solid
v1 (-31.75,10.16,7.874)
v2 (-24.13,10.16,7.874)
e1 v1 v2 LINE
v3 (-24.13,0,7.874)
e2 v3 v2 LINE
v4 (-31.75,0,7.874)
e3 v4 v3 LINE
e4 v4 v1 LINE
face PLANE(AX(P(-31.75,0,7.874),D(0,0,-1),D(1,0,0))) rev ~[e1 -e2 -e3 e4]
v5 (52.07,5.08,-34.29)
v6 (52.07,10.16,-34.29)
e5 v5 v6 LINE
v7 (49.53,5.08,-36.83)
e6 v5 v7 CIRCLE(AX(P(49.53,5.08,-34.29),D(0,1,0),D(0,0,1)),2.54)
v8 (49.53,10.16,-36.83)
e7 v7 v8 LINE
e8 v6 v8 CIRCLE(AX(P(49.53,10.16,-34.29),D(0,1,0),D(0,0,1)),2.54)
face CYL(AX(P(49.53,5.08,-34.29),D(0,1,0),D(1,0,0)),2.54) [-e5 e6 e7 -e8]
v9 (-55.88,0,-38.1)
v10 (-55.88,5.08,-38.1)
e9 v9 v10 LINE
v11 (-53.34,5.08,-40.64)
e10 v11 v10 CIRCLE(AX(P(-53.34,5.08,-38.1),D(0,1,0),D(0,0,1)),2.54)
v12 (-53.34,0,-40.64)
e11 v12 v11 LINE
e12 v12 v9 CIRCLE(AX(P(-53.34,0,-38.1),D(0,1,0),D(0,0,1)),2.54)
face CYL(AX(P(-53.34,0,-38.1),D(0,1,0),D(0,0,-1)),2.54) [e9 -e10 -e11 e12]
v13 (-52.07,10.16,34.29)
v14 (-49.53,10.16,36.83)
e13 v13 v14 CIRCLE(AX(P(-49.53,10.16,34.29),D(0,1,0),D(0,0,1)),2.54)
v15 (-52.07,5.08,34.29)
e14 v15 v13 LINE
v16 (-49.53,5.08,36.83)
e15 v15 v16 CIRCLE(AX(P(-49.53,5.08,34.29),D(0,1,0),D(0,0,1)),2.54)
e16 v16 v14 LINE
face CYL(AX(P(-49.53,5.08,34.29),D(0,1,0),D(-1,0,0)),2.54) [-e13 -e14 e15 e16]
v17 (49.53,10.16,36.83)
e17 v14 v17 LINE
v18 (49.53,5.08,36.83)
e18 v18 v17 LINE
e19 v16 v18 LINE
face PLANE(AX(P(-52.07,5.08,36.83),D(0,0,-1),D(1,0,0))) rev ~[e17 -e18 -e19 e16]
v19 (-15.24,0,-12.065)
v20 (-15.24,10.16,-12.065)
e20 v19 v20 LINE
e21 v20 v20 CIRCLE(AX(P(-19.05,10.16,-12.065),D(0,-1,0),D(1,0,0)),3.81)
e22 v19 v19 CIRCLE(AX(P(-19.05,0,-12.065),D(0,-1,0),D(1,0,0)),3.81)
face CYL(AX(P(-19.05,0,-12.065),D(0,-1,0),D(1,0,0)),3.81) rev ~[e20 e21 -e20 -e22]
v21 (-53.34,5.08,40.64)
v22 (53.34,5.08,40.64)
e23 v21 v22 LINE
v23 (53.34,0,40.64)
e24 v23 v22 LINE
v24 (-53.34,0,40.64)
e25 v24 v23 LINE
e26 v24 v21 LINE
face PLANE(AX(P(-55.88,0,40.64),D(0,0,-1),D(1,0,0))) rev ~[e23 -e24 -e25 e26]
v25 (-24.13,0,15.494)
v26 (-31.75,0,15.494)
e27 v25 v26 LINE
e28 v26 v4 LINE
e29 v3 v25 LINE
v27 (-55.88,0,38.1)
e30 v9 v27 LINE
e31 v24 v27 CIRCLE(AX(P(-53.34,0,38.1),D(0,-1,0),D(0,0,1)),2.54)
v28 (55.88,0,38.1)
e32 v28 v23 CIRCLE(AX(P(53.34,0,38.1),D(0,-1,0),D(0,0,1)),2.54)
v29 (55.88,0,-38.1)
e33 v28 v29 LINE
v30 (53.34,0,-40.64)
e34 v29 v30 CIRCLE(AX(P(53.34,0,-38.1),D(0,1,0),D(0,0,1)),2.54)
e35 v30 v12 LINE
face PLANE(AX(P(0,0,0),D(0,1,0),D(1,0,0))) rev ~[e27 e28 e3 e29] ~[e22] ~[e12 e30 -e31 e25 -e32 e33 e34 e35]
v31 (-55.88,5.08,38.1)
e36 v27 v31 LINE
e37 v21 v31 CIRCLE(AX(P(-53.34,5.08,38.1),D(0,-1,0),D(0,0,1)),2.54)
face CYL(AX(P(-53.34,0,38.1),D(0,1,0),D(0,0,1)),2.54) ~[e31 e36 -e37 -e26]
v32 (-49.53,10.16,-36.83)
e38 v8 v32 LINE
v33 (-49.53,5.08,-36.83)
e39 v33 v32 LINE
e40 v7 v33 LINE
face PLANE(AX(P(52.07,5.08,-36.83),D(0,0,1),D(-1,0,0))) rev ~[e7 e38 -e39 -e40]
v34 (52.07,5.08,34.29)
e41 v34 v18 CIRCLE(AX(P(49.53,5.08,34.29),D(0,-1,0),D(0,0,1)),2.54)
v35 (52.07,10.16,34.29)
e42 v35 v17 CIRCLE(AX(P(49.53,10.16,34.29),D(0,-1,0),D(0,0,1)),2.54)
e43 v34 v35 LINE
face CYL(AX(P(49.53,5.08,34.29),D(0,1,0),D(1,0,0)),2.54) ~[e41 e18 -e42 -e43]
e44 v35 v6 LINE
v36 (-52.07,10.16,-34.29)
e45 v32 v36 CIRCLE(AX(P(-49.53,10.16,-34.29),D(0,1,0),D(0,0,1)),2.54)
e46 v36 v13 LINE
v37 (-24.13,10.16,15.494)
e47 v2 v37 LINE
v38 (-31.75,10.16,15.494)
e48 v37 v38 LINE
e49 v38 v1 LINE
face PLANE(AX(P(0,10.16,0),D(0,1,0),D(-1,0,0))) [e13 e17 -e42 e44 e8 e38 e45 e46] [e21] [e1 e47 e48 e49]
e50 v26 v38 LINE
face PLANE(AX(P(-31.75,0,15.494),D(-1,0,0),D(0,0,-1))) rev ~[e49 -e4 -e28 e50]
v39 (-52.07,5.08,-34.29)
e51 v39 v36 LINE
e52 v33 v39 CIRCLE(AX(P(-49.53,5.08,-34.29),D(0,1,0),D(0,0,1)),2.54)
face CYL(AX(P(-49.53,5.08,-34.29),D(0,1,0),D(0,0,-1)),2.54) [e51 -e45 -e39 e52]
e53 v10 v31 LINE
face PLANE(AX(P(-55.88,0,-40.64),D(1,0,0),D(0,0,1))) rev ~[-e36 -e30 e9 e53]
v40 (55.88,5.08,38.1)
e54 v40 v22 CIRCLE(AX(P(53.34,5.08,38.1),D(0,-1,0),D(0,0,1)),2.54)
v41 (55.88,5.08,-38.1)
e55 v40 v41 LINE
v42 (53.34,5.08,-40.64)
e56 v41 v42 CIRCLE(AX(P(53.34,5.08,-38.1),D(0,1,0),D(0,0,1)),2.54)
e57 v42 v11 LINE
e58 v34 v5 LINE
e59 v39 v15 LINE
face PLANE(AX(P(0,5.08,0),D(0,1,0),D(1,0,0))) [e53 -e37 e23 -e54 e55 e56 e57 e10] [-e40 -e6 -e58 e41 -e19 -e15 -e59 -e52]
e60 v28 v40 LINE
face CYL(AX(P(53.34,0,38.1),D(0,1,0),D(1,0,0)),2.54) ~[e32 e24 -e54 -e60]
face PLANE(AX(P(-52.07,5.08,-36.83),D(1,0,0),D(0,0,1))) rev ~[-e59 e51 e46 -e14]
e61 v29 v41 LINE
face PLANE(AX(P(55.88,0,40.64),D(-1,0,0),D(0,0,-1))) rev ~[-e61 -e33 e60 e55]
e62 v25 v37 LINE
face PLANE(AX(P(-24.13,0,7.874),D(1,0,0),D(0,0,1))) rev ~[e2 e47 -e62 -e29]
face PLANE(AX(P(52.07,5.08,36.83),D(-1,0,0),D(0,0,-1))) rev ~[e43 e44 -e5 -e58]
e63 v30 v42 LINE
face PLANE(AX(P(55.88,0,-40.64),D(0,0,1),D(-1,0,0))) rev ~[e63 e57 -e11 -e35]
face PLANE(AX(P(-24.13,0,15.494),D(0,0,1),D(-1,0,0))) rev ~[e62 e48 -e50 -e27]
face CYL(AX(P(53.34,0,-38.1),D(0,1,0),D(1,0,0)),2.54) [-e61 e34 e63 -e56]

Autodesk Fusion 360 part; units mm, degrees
sketch "Sketch1" plane through (0, 0, 0) normal (0, 1, 0) x (1, 0, 0) in component "Lid"
sketch "Sketch2" plane through (0, 0, 0) normal (0, 1, 0) x (1, 0, 0) in component "Lid"
sketch "Sketch3" plane through (0, 0, 0) normal (0, 1, 0) x (1, 0, 0) in component "Lid"
  line L0 (55.88, 40.64) -> (-55.88, 40.64)
  line L1 (-55.88, 40.64) -> (-55.88, -40.64)
  line L2 (-55.88, -40.64) -> (55.88, -40.64)
  line L3 (55.88, -40.64) -> (55.88, 40.64)
  line L4 (55.88, 40.64) -> (-55.88, -40.64) construction
  line L5 (-55.88, 40.64) -> (55.88, -40.64) construction
  dimension "d1" = 111.76
  dimension "d2" = 81.28
extrude "Extrude1" add sketch "Sketch3" along normal blind 5.08 in component "Lid"
sketch "Sketch4" plane through (0, 5.08, 0) normal (0, 1, 0) x (-1, 0, 0) in component "Lid"
  line L0 (-55.88, 40.64) -> (-55.88, -40.64)
  line L1 (-55.88, -40.64) -> (55.88, -40.64)
  line L2 (55.88, -40.64) -> (55.88, 40.64)
  line L3 (55.88, 40.64) -> (-55.88, 40.64)
  line L4 (-52.07, -36.83) -> (52.07, -36.83)
  line L5 (52.07, -36.83) -> (52.07, 36.83)
  line L6 (52.07, 36.83) -> (-52.07, 36.83)
  line L7 (-52.07, 36.83) -> (-52.07, -36.83)
  line L8 (-52.07, -36.83) -> (52.07, 36.83) construction
  line L9 (52.07, -36.83) -> (-52.07, 36.83) construction
  dimension "d5" = 104.14
  dimension "d6" = 73.66
extrude "Extrude2" add sketch "Sketch4" along normal blind 5.08 contours L4 L5 L6 L7 in component "Lid"
fillet "Fillet1" radius 2.54 8 edges at (52.07, 7.62, 36.83) (-52.07, 7.62, 36.83) (52.07, 7.62, -36.83) (-52.07, 7.62, -36.83) (-55.88, 2.54, -40.64) (55.88, 2.54, -40.64) (55.88, 2.54, 40.64) (-55.88, 2.54, 40.64) in component "Lid"
sketch "Sketch1 (2)" plane through (0, 0, 0) normal (0, -1, 0) x (1, 0, 0)
  arc A0 (-53.34, 40.64) -> (-55.88, 38.1) centre (-53.34, 38.1) ccw
  line L0 (-55.88, 38.1) -> (-55.88, -38.1)
  arc A1 (-55.88, -38.1) -> (-53.34, -40.64) centre (-53.34, -38.1) ccw
  line L1 (-53.34, -40.64) -> (53.34, -40.64)
  arc A2 (53.34, -40.64) -> (55.88, -38.1) centre (53.34, -38.1) ccw
  line L2 (55.88, -38.1) -> (55.88, 38.1)
  arc A3 (55.88, 38.1) -> (53.34, 40.64) centre (53.34, 38.1) ccw
  line L3 (53.34, 40.64) -> (-53.34, 40.64)
  line L4 (43.815, 27.94) -> (-43.815, 27.94)
  line L5 (-43.815, 27.94) -> (-43.815, -27.94)
  line L6 (-43.815, -27.94) -> (43.815, -27.94)
  line L7 (43.815, -27.94) -> (43.815, 27.94)
  line L8 (43.815, 27.94) -> (-43.815, -27.94) construction
  line L9 (-43.815, 27.94) -> (43.815, -27.94) construction
  dimension "d10" = 87.63
  dimension "d11" = 55.88
sketch "Sketch2 (2)" plane through (0, 0, 0) normal (0, -1, 0) x (1, 0, 0)
  circle A0 centre (-19.05, -12.065) radius 3.81
  dimension "d12" = 7.62
  dimension "d13" = 24.765
  dimension "d14" = 15.875
extrude "Extrude3" cut sketch "Sketch2 (2)" against normal blind 10.16 in component "Lid"
sketch "Sketch3 (2)" plane through (0, 0, 0) normal (0, 1, 0) x (1, 0, 0)
  line L0 (-24.13, -15.494) -> (-31.75, -15.494)
  line L1 (-31.75, -15.494) -> (-31.75, -7.874)
  line L2 (-31.75, -7.874) -> (-24.13, -7.874)
  line L3 (-24.13, -7.874) -> (-24.13, -15.494)
  line L4 (-24.13, -15.494) -> (-31.75, -7.874) construction
  line L5 (-31.75, -15.494) -> (-24.13, -7.874) construction
  dimension "d17" = 7.62
  dimension "d18" = 7.62
  dimension "d19" = 39.624
  dimension "d20" = 15.875
extrude "Extrude4" cut sketch "Sketch3 (2)" along normal blind 10.16 in component "Lid"
component "Lid" placed x (1, 0, 0) y (0, 1, 0) z (0, 0, 1) at (0, 0, 0)
